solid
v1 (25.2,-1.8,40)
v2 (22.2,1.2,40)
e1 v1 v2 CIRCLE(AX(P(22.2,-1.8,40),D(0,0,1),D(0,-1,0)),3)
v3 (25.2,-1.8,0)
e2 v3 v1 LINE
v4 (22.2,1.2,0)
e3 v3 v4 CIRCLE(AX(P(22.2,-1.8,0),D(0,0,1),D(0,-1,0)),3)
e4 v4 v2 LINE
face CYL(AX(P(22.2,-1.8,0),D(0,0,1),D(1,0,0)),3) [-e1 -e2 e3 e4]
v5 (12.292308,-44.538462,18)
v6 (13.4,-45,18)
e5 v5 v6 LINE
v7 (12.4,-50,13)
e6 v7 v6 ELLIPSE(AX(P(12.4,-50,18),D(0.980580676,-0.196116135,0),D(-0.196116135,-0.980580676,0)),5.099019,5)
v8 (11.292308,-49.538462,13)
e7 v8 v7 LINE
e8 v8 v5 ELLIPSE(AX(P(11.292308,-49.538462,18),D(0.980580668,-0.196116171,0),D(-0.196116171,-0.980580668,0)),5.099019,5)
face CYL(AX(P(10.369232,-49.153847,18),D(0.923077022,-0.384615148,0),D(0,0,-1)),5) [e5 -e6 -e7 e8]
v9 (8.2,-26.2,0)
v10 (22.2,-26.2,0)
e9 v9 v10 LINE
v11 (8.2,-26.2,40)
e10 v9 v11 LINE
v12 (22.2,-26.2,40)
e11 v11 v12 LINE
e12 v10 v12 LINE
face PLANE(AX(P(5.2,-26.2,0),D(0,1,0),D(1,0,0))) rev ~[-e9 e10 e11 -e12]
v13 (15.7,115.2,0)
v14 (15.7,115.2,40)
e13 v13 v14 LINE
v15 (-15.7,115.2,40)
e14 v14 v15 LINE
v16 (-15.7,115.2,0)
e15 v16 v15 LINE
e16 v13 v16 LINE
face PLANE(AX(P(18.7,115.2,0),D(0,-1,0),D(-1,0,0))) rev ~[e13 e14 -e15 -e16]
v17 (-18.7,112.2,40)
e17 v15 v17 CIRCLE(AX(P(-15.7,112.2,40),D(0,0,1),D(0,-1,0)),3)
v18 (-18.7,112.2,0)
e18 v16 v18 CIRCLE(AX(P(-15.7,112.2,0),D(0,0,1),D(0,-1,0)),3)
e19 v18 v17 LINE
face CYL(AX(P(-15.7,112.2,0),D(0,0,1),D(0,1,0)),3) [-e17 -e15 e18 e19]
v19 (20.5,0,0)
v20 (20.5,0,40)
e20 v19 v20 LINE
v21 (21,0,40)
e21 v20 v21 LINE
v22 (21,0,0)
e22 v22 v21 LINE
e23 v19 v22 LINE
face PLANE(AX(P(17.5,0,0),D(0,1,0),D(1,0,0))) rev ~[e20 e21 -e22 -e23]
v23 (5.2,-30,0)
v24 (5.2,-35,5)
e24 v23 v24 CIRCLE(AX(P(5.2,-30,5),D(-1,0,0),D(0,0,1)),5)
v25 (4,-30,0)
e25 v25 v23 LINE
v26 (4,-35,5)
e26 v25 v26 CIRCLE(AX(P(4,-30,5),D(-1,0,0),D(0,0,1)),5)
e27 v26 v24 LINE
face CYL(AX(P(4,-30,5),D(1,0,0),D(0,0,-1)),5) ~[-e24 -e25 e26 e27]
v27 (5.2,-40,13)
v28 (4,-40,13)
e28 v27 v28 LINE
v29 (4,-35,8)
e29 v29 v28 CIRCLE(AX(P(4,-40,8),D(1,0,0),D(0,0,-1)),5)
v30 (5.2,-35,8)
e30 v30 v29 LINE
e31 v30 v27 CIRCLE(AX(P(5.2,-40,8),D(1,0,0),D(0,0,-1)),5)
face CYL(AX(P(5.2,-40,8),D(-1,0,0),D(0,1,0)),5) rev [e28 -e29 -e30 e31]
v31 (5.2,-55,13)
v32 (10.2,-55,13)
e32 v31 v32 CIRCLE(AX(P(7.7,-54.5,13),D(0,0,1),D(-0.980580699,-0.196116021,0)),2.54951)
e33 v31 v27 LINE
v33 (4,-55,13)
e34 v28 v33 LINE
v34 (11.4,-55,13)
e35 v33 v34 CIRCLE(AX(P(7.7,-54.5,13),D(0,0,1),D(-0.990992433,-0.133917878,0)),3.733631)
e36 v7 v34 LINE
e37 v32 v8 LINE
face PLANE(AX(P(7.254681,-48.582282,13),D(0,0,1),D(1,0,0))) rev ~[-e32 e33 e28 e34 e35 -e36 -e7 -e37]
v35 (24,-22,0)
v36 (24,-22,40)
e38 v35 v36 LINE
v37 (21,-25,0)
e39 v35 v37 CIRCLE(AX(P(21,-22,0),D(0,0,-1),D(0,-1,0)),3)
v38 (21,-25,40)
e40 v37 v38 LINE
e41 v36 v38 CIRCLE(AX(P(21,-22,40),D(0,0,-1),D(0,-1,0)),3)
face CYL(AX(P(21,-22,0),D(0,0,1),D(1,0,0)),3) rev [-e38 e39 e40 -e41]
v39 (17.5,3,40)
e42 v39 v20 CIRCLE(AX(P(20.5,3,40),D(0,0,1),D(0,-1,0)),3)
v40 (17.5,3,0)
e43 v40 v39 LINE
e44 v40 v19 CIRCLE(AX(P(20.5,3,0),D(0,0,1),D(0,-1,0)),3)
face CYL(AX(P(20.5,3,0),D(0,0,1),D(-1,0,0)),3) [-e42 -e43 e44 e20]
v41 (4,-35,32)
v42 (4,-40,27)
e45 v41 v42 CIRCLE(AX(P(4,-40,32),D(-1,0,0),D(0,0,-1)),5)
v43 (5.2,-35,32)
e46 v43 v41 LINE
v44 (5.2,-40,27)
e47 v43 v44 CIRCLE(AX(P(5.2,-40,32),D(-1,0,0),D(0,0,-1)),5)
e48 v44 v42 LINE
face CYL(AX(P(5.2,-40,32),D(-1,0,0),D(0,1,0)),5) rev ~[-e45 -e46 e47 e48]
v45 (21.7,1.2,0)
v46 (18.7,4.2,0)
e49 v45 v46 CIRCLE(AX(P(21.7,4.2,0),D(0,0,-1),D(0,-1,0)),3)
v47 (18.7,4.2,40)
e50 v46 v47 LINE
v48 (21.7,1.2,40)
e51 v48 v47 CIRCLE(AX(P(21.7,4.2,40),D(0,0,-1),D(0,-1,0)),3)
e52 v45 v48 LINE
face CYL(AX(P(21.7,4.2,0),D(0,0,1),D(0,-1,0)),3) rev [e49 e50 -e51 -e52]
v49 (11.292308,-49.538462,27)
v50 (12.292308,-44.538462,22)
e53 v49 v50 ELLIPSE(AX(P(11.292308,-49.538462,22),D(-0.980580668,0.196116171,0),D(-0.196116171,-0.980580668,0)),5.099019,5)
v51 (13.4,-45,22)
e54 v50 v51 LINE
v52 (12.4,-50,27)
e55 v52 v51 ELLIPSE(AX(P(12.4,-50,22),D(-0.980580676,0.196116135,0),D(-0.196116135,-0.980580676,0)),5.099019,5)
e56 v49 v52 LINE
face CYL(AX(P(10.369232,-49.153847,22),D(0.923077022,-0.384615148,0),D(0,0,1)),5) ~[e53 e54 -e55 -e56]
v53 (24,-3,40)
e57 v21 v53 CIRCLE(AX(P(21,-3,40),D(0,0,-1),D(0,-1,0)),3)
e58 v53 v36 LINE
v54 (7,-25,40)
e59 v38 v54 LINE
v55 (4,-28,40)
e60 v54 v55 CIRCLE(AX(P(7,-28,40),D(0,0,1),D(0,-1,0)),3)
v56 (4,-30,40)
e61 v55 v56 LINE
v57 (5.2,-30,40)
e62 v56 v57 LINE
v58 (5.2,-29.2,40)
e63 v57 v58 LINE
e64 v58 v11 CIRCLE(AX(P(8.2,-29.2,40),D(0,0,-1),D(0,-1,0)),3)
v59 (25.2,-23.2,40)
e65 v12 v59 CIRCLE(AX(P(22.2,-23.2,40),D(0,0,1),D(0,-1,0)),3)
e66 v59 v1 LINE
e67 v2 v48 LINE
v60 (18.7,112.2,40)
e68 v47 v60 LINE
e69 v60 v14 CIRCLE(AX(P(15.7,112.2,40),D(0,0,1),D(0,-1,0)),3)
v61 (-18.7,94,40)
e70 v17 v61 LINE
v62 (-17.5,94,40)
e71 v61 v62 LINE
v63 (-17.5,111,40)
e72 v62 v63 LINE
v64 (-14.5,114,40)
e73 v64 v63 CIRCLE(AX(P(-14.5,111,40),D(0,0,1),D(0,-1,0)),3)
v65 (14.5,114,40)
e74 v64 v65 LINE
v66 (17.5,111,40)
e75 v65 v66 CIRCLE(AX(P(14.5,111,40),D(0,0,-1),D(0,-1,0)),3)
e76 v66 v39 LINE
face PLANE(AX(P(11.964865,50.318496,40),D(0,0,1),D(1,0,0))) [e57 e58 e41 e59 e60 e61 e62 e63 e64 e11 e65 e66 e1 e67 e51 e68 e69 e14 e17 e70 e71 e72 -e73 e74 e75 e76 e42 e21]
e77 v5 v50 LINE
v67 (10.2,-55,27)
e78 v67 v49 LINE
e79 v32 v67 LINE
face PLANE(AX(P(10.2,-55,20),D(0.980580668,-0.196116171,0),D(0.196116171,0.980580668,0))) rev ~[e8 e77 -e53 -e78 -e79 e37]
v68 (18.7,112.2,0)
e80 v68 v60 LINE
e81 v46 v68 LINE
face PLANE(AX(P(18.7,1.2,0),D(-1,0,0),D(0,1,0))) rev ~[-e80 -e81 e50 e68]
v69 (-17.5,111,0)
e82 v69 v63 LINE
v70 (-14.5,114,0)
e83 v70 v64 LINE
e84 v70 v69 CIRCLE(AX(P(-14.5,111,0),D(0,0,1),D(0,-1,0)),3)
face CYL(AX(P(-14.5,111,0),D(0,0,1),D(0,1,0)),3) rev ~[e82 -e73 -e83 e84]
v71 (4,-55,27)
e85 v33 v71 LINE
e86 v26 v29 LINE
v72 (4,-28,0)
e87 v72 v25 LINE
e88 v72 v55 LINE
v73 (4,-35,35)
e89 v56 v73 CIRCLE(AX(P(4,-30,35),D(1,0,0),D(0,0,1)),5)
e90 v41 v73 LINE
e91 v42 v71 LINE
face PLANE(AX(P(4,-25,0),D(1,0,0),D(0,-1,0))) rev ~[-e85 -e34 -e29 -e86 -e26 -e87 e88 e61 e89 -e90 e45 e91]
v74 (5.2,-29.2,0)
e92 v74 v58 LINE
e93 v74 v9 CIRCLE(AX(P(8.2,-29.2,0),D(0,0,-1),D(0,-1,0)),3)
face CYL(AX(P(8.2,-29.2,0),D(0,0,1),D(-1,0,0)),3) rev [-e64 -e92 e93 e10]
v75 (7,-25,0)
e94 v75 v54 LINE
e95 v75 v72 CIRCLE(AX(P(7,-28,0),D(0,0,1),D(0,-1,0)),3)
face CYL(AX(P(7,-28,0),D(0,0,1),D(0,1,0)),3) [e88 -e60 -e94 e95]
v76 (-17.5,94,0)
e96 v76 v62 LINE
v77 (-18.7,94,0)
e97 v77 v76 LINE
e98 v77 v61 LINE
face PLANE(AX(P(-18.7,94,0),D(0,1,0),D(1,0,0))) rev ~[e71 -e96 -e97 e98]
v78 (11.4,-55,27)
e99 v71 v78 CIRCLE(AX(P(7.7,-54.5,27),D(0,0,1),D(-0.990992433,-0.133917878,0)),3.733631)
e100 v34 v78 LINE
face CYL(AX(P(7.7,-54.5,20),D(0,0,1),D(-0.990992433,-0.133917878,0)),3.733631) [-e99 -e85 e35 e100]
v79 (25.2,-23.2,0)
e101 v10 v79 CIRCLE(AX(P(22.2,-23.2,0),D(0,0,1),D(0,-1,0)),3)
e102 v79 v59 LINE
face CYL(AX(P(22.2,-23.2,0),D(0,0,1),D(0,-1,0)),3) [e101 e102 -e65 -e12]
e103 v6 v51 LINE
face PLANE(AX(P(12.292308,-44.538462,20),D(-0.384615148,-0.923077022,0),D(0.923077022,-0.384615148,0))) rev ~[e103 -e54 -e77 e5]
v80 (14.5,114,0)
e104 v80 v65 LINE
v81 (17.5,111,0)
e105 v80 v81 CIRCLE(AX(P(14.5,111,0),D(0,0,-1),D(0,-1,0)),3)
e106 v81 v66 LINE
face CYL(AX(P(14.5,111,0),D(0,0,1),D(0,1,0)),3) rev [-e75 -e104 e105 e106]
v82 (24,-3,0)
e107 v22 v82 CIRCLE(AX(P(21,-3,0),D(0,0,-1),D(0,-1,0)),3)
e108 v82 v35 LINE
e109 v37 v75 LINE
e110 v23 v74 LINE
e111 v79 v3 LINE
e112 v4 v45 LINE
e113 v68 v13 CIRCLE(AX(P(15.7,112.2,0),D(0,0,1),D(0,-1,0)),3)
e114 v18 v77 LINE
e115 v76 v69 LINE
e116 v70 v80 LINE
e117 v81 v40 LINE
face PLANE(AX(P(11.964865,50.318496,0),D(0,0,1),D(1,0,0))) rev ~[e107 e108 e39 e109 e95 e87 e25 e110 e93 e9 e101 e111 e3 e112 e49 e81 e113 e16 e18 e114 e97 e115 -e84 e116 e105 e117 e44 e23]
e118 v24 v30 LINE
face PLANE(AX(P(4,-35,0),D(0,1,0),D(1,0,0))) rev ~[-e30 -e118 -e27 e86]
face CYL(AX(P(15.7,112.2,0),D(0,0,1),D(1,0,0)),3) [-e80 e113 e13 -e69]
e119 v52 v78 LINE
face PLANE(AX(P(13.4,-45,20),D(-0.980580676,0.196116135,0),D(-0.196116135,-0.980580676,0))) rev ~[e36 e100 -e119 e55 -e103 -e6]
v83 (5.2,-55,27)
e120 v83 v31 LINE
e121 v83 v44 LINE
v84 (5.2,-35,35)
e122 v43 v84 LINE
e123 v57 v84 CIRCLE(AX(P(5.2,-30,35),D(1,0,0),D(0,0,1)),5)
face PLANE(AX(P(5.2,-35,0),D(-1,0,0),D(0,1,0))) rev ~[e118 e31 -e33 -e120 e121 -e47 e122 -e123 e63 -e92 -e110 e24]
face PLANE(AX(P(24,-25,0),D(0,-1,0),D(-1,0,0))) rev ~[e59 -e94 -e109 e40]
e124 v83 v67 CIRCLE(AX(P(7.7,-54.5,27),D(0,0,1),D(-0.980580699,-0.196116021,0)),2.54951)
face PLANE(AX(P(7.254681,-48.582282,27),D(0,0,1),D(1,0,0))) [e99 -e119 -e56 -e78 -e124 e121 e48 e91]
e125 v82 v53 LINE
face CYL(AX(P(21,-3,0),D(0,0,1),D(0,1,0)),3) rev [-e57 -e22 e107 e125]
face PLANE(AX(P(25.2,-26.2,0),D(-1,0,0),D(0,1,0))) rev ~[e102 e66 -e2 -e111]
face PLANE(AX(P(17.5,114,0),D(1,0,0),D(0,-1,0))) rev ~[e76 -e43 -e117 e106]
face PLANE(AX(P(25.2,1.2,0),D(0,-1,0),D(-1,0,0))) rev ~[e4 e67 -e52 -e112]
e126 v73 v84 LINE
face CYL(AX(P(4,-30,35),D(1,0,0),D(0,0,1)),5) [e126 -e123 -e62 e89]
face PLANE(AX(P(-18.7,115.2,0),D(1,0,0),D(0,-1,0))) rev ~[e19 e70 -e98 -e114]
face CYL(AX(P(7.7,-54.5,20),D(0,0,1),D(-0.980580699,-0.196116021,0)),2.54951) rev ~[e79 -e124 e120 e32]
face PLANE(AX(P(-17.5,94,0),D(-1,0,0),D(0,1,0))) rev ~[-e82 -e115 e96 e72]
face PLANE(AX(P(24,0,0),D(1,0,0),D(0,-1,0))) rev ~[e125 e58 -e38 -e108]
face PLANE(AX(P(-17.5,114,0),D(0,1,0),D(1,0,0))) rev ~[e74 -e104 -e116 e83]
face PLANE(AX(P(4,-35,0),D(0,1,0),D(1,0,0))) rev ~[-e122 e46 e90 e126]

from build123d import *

# Parameters (mm, degrees)
PAD_DEPTH    = 40
PAD001_DEPTH = 7
FILLET_R     = 3
FILLET001_R  = 5


with BuildPart() as part:
    # Sketch → Pad (new body)
    with BuildSketch(Plane.XY):
        Polygon((-17.5, 114), (17.5, 114), (17.5, 0), (24, 0), (24, -25), (4, -25), (4, -35), (5.2, -35), (5.2, -26.2), (25.2, -26.2), (25.2, 1.2), (18.7, 1.2), (18.7, 115.2), (-18.7, 115.2), (-18.7, 94), (-17.5, 94), align=None)
    extrude(amount=PAD_DEPTH)

    # Sketch001 → Pad001 (join, symmetric)
    with BuildSketch(Plane.XY.offset(20)):
        with BuildLine():
            Line((4, -35), (4, -55))
            ThreePointArc((4, -55), (7.7, -58.233631), (11.4, -55))
            Line((13.4, -45), (11.4, -55))
            Line((12.292308, -44.538462), (13.4, -45))
            Line((10.2, -55), (12.292308, -44.538462))
            ThreePointArc((5.2, -55), (7.7, -57.04951), (10.2, -55))
            Line((5.2, -55), (5.2, -35))
            Line((5.2, -35), (4, -35))
        make_face()
    extrude(amount=PAD001_DEPTH, both=True)

    # Fillet
    fillet_edges = [part.edges().sort_by_distance(p)[0] for p in [
        (24, -25, 20),
        (4, -25, 20),
        (17.5, 0, 20),
        (17.5, 114, 20),
        (-17.5, 114, 20),
        (24, 0, 20),
        (25.2, -26.2, 20),
        (25.2, 1.2, 20),
        (18.7, 115.2, 20),
        (5.2, -26.2, 20),
        (-18.7, 115.2, 20),
        (18.7, 1.2, 20),
    ]]
    fillet(fillet_edges, radius=FILLET_R)

    # Fillet001
    fillet001_edges = [part.edges().sort_by_distance(p)[0] for p in [
        (4.6, -35, 0),
        (4.6, -35, 13),
        (4.6, -35, 27),
        (4.6, -35, 40),
        (12.846154, -44.769231, 27),
        (12.846154, -44.769231, 13),
    ]]
    fillet(fillet001_edges, radius=FILLET001_R)


solid = part.part
